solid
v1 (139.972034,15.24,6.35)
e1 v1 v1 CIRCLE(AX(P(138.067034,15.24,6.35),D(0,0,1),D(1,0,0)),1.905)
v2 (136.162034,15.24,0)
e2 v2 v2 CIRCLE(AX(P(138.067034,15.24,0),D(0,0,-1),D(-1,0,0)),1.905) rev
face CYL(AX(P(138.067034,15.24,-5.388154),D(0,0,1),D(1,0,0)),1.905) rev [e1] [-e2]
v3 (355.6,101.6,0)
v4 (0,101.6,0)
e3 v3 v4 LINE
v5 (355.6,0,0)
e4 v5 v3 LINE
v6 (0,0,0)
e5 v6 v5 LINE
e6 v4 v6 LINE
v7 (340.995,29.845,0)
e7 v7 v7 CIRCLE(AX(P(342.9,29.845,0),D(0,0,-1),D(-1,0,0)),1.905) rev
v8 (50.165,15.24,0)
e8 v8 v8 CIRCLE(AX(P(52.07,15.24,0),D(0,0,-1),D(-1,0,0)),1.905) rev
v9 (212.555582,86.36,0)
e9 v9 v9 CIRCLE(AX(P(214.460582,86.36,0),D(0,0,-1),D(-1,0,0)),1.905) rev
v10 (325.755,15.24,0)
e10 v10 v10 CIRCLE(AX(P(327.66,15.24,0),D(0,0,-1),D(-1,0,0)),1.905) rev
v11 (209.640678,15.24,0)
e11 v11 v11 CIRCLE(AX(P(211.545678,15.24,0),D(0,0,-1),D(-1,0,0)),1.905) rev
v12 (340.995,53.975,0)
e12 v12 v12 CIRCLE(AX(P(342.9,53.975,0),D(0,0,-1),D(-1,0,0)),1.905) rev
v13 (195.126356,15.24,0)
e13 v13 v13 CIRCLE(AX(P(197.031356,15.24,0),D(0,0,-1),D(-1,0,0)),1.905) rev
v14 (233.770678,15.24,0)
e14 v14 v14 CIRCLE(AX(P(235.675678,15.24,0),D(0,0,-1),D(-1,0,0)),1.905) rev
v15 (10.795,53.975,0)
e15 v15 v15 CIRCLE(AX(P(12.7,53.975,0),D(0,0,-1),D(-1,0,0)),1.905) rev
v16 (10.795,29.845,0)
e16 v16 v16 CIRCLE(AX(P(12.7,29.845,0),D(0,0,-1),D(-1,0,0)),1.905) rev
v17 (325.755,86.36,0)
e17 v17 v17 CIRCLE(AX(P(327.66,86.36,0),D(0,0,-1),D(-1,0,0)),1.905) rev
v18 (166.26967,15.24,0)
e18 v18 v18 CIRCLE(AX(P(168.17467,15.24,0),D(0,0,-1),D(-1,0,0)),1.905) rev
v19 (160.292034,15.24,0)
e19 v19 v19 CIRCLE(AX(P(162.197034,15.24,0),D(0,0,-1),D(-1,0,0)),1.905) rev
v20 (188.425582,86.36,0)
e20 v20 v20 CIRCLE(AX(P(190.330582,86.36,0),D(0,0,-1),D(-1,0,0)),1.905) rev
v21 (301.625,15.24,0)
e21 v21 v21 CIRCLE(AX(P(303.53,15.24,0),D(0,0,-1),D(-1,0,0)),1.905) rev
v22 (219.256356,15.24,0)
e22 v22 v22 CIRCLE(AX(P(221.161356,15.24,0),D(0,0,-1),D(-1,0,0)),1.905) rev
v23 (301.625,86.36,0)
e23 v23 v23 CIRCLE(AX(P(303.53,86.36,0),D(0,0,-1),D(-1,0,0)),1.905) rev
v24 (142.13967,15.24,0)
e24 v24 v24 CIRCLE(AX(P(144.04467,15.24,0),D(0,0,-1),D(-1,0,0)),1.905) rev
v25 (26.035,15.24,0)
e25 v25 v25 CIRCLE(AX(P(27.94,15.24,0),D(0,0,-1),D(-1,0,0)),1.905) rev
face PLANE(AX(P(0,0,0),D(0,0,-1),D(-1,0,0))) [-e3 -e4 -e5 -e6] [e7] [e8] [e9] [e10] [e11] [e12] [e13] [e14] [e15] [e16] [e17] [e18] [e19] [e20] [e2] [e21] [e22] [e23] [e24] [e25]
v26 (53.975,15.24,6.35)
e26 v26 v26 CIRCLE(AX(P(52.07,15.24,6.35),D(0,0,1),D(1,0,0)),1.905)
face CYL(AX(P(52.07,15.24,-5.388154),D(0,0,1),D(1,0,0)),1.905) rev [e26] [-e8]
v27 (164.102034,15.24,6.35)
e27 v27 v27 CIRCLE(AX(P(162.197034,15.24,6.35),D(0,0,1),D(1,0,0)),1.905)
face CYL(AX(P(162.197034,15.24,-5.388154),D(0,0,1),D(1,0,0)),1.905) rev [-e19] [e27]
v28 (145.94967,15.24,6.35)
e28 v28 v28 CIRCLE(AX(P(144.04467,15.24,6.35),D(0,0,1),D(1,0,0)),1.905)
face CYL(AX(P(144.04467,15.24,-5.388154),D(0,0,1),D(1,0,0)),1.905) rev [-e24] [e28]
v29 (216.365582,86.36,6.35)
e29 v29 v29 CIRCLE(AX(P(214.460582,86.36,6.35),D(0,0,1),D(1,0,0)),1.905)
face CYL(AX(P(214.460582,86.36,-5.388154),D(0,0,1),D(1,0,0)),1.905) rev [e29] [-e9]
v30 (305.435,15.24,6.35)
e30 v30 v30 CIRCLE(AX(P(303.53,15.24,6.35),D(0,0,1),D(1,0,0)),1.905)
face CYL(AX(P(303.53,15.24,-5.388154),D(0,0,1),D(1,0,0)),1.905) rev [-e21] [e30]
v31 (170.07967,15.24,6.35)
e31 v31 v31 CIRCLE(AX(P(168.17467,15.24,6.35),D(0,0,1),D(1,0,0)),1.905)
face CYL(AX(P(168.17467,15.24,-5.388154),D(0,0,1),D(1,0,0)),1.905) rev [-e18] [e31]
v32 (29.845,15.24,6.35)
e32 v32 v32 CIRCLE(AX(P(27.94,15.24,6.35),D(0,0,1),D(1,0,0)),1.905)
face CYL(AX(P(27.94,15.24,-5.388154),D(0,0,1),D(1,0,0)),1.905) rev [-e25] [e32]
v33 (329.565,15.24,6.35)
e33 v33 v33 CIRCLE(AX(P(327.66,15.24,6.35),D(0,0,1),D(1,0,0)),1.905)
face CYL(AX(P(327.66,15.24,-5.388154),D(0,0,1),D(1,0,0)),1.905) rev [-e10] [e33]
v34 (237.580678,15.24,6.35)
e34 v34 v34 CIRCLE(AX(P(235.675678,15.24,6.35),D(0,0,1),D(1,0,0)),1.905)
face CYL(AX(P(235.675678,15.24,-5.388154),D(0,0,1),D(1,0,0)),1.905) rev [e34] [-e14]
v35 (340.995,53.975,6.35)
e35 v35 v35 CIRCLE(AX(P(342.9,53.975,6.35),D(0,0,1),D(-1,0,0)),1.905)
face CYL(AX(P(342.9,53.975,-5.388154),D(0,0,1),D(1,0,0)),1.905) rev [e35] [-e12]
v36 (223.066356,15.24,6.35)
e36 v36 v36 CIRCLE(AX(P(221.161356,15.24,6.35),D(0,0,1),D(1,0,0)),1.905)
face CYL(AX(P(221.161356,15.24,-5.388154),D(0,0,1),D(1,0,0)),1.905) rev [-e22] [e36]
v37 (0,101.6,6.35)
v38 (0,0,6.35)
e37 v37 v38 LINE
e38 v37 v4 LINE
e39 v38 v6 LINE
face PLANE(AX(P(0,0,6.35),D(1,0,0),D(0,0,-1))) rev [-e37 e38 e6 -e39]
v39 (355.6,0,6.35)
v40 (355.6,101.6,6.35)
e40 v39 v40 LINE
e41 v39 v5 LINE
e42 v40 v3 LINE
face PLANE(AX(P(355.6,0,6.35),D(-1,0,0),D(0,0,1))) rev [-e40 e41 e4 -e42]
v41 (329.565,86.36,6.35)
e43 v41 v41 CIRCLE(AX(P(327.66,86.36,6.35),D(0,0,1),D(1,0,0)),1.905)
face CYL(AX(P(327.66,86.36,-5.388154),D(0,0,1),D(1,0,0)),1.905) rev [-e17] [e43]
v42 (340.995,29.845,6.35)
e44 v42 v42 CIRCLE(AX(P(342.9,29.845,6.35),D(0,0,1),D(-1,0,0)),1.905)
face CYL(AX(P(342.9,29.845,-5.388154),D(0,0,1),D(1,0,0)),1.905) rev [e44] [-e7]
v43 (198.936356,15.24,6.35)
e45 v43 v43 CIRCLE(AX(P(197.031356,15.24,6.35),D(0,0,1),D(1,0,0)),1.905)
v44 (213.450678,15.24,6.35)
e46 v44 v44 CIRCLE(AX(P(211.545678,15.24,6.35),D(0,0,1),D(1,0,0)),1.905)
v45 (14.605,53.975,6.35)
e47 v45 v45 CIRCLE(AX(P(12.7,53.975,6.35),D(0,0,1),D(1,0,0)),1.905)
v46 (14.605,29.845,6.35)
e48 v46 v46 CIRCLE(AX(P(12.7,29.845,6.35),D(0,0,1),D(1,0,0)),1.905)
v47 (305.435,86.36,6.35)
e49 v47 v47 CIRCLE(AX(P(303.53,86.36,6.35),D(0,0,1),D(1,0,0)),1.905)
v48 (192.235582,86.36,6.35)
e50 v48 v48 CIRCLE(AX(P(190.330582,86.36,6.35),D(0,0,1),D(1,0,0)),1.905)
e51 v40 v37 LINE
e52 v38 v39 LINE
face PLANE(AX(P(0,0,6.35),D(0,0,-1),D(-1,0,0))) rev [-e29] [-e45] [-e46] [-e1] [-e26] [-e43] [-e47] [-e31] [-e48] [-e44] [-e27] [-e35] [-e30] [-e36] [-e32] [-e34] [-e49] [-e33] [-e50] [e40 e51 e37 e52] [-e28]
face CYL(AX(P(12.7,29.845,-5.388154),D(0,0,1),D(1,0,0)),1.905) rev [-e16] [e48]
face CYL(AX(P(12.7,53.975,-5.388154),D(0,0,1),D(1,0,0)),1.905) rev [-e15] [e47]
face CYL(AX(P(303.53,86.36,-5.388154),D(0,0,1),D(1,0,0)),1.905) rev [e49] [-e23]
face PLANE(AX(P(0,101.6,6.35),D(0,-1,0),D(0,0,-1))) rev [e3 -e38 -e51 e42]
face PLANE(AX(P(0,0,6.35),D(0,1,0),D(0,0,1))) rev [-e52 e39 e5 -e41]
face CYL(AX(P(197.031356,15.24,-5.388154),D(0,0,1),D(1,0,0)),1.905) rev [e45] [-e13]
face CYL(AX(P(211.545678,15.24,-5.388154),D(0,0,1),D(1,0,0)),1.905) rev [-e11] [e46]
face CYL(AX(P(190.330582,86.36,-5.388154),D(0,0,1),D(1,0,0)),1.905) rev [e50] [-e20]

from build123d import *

# Parameters (mm, degrees)
SKETCH1_W                = 355.6
SKETCH1_H                = 101.6
BOSS_EXTRUDE1_DEPTH      = 6.35
SKETCH2_R                = 1.905
CUT_EXTRUDE1_DEPTH       = 6.35
SKETCH3_R                = 1.905
CUT_EXTRUDE2_DEPTH       = 6.35
LPATTERN_BS_RIGHT_COUNT  = 2
LPATTERN_BS_RIGHT_PITCH  = 110.127034
LPATTERN_UA_ANGLED_COUNT = 2
LPATTERN_UA_ANGLED_PITCH = 116.10467
SKETCH4_R                = 1.905
CUT_EXTRUDE4_DEPTH       = 6.35
LPATTERN_UA_LEFT_COUNT   = 2
LPATTERN_UA_LEFT_PITCH   = 91.984322
LPATTERN4_UA_RIGHT_COUNT = 2
LPATTERN4_UA_RIGHT_PITCH = 106.498644
SKETCH5_R                = 1.905
CUT_EXTRUDE5_DEPTH       = 6.35
LPATTERN5_COUNT          = 2
LPATTERN5_PITCH          = 113.199418


with BuildPart() as part:
    # Sketch1 → Boss-Extrude1 (new body)
    with BuildSketch(Plane.XY):
        with Locations((177.8, 50.8)):
            Rectangle(SKETCH1_W, SKETCH1_H)
    extrude(amount=BOSS_EXTRUDE1_DEPTH)

    # Sketch2 → Cut-Extrude1 (cut)
    with BuildSketch(Plane.XY.offset(6.35)):
        with Locations((27.94, 15.24)):
            Circle(SKETCH2_R)
        with Locations((52.07, 15.24)):
            Circle(SKETCH2_R)
    cut_extrude1 = extrude(amount=-CUT_EXTRUDE1_DEPTH, mode=Mode.SUBTRACT)

    # Sketch3 → Cut-Extrude2 (cut)
    with BuildSketch(Plane.XY.offset(6.35)):
        with Locations((12.7, 29.845)):
            Circle(SKETCH3_R)
        with Locations((12.7, 53.975)):
            Circle(SKETCH3_R)
        with Locations(Location((342.9, 29.845, 0), (0, 0, 180))):
            Circle(SKETCH3_R)
        with Locations(Location((342.9, 53.975, 0), (0, 0, 180))):
            Circle(SKETCH3_R)
    extrude(amount=-CUT_EXTRUDE2_DEPTH, mode=Mode.SUBTRACT)

    # LPattern-bs-right: Cut-Extrude1 ×2
    with Locations(*[(i * LPATTERN_BS_RIGHT_PITCH, 0, 0) for i in range(1, LPATTERN_BS_RIGHT_COUNT)]):
        add(cut_extrude1, mode=Mode.SUBTRACT)

    # LPattern-ua-angled: Cut-Extrude1 ×2
    with Locations(*[(i * LPATTERN_UA_ANGLED_PITCH, 0, 0) for i in range(1, LPATTERN_UA_ANGLED_COUNT)]):
        add(cut_extrude1, mode=Mode.SUBTRACT)

    # Sketch4 → Cut-Extrude4 (cut)
    with BuildSketch(Plane.XY.offset(6.35)):
        with Locations((327.66, 15.24)):
            Circle(SKETCH4_R)
        with Locations((303.53, 15.24)):
            Circle(SKETCH4_R)
    cut_extrude4 = extrude(amount=-CUT_EXTRUDE4_DEPTH, mode=Mode.SUBTRACT)

    # LPattern-ua-left: Cut-Extrude4 ×2
    with Locations(*[(-i * LPATTERN_UA_LEFT_PITCH, 0, 0) for i in range(1, LPATTERN_UA_LEFT_COUNT)]):
        add(cut_extrude4, mode=Mode.SUBTRACT)

    # LPattern4-ua-right: Cut-Extrude4 ×2
    with Locations(*[(-i * LPATTERN4_UA_RIGHT_PITCH, 0, 0) for i in range(1, LPATTERN4_UA_RIGHT_COUNT)]):
        add(cut_extrude4, mode=Mode.SUBTRACT)

    # Sketch5 → Cut-Extrude5 (cut)
    with BuildSketch(Plane.XY.offset(6.35)):
        with Locations((327.66, 86.36)):
            Circle(SKETCH5_R)
        with Locations((303.53, 86.36)):
            Circle(SKETCH5_R)
    cut_extrude5 = extrude(amount=-CUT_EXTRUDE5_DEPTH, mode=Mode.SUBTRACT)

    # LPattern5: Cut-Extrude5 ×2
    with Locations(*[(-i * LPATTERN5_PITCH, 0, 0) for i in range(1, LPATTERN5_COUNT)]):
        add(cut_extrude5, mode=Mode.SUBTRACT)


solid = part.part
